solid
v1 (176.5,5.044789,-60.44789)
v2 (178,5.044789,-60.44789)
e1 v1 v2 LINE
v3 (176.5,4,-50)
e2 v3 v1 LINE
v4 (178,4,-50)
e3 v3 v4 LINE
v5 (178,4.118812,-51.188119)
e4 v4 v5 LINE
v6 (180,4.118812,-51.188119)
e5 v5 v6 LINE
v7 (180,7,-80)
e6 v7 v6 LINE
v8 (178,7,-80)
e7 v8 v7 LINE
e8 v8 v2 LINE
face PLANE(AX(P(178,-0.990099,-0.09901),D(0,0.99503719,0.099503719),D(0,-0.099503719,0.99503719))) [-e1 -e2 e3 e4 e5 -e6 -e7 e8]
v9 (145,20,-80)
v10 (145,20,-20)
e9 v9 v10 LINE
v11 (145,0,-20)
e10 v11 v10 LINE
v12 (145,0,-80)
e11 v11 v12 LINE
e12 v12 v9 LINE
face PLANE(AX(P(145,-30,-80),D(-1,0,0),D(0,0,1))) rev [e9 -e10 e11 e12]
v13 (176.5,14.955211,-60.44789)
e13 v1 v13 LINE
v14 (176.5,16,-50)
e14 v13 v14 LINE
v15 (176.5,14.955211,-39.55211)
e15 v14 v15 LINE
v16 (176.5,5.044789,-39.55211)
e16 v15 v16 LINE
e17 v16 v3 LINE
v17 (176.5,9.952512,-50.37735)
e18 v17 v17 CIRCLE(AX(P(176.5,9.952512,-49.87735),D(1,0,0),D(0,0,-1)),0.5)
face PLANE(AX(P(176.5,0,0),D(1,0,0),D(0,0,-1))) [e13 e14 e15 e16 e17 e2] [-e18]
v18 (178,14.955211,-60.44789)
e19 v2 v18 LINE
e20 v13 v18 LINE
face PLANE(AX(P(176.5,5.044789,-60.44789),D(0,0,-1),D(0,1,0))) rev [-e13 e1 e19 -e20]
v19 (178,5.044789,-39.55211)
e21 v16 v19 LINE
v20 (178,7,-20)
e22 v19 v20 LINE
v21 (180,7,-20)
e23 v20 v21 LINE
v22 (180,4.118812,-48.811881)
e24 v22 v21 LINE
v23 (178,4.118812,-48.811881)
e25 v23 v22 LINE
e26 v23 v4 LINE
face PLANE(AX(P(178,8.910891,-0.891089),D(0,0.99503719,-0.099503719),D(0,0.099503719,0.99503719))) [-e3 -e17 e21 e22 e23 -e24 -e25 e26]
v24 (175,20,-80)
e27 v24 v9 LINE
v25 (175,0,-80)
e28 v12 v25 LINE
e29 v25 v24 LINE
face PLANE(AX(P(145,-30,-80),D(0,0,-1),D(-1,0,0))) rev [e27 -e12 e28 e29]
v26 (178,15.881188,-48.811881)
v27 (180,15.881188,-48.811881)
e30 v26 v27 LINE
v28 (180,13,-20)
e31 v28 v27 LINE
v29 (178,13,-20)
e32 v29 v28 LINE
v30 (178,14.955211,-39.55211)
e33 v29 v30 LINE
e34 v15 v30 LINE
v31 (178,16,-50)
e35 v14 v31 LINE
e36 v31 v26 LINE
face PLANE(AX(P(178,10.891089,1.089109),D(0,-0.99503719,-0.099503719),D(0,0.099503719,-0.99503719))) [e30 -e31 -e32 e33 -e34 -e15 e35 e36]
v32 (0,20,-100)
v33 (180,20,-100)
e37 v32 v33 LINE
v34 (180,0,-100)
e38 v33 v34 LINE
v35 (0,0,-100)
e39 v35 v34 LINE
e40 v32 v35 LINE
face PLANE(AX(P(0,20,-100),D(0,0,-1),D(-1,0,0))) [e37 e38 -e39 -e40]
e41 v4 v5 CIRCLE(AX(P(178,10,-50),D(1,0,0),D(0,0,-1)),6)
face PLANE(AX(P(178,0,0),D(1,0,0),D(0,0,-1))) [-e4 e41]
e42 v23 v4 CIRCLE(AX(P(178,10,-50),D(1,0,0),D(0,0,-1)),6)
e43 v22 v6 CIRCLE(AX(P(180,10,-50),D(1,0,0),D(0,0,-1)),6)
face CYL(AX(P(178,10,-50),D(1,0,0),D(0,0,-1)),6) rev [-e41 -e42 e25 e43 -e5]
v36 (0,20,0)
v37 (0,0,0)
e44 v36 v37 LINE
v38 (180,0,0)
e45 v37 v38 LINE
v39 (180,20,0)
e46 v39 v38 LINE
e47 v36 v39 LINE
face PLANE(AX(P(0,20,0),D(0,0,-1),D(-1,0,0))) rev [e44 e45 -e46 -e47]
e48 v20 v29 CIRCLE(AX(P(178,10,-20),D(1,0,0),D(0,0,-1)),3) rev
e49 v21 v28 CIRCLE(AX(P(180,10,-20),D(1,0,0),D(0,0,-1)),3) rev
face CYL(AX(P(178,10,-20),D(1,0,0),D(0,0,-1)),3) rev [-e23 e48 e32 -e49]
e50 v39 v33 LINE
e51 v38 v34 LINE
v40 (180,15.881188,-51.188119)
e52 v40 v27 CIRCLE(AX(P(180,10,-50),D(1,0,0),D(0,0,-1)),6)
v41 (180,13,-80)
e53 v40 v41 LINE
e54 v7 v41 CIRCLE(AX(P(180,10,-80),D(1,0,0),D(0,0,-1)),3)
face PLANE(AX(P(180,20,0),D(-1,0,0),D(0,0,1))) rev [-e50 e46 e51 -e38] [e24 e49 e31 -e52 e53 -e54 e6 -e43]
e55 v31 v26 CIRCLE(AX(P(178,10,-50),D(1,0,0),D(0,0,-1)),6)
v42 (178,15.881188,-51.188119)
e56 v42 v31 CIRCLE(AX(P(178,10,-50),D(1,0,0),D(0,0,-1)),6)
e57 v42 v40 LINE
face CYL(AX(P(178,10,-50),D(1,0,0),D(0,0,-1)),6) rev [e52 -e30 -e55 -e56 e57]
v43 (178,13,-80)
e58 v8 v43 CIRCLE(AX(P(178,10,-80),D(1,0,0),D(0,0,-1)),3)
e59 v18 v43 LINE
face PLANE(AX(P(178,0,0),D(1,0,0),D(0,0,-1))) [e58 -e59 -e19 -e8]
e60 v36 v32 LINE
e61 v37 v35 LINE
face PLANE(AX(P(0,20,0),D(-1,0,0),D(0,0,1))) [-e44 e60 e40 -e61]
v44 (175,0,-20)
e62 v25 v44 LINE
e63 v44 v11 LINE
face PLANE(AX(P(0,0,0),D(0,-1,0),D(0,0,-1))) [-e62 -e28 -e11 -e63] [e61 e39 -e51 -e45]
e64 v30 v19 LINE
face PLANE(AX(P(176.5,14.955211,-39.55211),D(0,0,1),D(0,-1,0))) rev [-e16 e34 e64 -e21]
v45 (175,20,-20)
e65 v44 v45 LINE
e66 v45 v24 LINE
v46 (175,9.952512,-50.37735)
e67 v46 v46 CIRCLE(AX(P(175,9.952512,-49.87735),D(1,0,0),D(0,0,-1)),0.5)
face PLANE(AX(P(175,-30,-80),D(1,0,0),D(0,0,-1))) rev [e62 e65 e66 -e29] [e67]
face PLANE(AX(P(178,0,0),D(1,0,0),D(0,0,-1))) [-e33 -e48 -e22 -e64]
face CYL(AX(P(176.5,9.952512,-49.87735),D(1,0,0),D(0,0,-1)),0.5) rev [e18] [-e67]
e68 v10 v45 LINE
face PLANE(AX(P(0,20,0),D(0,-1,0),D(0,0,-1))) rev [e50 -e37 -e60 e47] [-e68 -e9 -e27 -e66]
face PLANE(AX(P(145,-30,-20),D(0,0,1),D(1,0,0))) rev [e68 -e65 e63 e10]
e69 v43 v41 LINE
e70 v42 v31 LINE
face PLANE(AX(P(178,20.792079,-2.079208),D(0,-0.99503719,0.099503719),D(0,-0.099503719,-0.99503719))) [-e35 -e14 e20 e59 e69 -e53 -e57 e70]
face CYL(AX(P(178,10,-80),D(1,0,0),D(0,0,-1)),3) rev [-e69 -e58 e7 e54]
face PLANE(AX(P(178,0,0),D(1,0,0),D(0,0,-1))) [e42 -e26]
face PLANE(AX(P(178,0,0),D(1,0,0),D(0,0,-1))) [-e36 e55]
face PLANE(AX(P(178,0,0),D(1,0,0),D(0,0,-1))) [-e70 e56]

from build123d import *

# Parameters (mm, degrees)
SKETCH_1_W          = 180
SKETCH_1_H          = 100
EXTRUDE_2_DEPTH     = 20
CUT_EXTRUDE_3_DEPTH = 2
CUT_EXTRUDE_4_DEPTH = 3.5
SKETCH_6_W          = 30
SKETCH_6_H          = 60
CUT_EXTRUDE_5_DEPTH = 50
MM_1_D              = 1
MM_1_DEPTH          = 4
MM_1_TIP            = 0.30043031


with BuildPart() as part:
    # 草图1 → 凸台-拉伸2 (new body)
    with BuildSketch(Plane(origin=(0, 0, 0), x_dir=(1, 0, 0), z_dir=(0, 1, 0))):
        with Locations((90, 50)):
            Rectangle(SKETCH_1_W, SKETCH_1_H)
    extrude(amount=EXTRUDE_2_DEPTH)

    # 草图4 → 切除-拉伸3 (cut)
    with BuildSketch(Plane(origin=(180, 0, 0), x_dir=(0, 0, -1), z_dir=(1, 0, 0))):
        with BuildLine():
            Line((48.811881188, 15.881188119), (20, 13))
            ThreePointArc((20, 13), (17, 10), (20, 7))
            Line((20, 7), (48.811881188, 4.118811881))
            ThreePointArc((48.811881188, 4.118811881), (50, 4), (51.188118812, 4.118811881))
            Line((51.188118812, 4.118811881), (80, 7))
            ThreePointArc((80, 7), (83, 10), (80, 13))
            Line((80, 13), (51.188118812, 15.881188119))
            ThreePointArc((51.188118812, 15.881188119), (50, 16), (48.811881188, 15.881188119))
        make_face()
    extrude(amount=-CUT_EXTRUDE_3_DEPTH, mode=Mode.SUBTRACT)

    # 草图5 → 切除-拉伸4 (cut)
    with BuildSketch(Plane(origin=(180, 0, 0), x_dir=(0, 0, -1), z_dir=(1, 0, 0))):
        Polygon((50, 16), (39.552109503, 14.95521095), (39.552109503, 5.04478905), (50, 4), (60.447890497, 5.04478905), (60.447890497, 14.95521095), align=None)
    extrude(amount=-CUT_EXTRUDE_4_DEPTH, mode=Mode.SUBTRACT)

    # 草图6 → 切除-拉伸5 (cut)
    with BuildSketch(Plane(origin=(0, 20, 0), x_dir=(1, 0, 0), z_dir=(0, 1, 0))):
        with Locations((160, 50)):
            Rectangle(SKETCH_6_W, SKETCH_6_H)
    extrude(amount=-CUT_EXTRUDE_5_DEPTH, mode=Mode.SUBTRACT)

    # 大小mm 暗销孔1
    with Locations(Plane(origin=(176.5, 9.952512246, -49.877349569), x_dir=(0, 0, 1), z_dir=(1, 0, 0))):
        with Locations((0, 0)):
            Hole(MM_1_D / 2, depth=MM_1_DEPTH)
            with Locations((0, 0, -(MM_1_DEPTH + MM_1_TIP / 2))):  # 118° drill point
                Cone(0, MM_1_D / 2, MM_1_TIP, mode=Mode.SUBTRACT)


solid = part.part
